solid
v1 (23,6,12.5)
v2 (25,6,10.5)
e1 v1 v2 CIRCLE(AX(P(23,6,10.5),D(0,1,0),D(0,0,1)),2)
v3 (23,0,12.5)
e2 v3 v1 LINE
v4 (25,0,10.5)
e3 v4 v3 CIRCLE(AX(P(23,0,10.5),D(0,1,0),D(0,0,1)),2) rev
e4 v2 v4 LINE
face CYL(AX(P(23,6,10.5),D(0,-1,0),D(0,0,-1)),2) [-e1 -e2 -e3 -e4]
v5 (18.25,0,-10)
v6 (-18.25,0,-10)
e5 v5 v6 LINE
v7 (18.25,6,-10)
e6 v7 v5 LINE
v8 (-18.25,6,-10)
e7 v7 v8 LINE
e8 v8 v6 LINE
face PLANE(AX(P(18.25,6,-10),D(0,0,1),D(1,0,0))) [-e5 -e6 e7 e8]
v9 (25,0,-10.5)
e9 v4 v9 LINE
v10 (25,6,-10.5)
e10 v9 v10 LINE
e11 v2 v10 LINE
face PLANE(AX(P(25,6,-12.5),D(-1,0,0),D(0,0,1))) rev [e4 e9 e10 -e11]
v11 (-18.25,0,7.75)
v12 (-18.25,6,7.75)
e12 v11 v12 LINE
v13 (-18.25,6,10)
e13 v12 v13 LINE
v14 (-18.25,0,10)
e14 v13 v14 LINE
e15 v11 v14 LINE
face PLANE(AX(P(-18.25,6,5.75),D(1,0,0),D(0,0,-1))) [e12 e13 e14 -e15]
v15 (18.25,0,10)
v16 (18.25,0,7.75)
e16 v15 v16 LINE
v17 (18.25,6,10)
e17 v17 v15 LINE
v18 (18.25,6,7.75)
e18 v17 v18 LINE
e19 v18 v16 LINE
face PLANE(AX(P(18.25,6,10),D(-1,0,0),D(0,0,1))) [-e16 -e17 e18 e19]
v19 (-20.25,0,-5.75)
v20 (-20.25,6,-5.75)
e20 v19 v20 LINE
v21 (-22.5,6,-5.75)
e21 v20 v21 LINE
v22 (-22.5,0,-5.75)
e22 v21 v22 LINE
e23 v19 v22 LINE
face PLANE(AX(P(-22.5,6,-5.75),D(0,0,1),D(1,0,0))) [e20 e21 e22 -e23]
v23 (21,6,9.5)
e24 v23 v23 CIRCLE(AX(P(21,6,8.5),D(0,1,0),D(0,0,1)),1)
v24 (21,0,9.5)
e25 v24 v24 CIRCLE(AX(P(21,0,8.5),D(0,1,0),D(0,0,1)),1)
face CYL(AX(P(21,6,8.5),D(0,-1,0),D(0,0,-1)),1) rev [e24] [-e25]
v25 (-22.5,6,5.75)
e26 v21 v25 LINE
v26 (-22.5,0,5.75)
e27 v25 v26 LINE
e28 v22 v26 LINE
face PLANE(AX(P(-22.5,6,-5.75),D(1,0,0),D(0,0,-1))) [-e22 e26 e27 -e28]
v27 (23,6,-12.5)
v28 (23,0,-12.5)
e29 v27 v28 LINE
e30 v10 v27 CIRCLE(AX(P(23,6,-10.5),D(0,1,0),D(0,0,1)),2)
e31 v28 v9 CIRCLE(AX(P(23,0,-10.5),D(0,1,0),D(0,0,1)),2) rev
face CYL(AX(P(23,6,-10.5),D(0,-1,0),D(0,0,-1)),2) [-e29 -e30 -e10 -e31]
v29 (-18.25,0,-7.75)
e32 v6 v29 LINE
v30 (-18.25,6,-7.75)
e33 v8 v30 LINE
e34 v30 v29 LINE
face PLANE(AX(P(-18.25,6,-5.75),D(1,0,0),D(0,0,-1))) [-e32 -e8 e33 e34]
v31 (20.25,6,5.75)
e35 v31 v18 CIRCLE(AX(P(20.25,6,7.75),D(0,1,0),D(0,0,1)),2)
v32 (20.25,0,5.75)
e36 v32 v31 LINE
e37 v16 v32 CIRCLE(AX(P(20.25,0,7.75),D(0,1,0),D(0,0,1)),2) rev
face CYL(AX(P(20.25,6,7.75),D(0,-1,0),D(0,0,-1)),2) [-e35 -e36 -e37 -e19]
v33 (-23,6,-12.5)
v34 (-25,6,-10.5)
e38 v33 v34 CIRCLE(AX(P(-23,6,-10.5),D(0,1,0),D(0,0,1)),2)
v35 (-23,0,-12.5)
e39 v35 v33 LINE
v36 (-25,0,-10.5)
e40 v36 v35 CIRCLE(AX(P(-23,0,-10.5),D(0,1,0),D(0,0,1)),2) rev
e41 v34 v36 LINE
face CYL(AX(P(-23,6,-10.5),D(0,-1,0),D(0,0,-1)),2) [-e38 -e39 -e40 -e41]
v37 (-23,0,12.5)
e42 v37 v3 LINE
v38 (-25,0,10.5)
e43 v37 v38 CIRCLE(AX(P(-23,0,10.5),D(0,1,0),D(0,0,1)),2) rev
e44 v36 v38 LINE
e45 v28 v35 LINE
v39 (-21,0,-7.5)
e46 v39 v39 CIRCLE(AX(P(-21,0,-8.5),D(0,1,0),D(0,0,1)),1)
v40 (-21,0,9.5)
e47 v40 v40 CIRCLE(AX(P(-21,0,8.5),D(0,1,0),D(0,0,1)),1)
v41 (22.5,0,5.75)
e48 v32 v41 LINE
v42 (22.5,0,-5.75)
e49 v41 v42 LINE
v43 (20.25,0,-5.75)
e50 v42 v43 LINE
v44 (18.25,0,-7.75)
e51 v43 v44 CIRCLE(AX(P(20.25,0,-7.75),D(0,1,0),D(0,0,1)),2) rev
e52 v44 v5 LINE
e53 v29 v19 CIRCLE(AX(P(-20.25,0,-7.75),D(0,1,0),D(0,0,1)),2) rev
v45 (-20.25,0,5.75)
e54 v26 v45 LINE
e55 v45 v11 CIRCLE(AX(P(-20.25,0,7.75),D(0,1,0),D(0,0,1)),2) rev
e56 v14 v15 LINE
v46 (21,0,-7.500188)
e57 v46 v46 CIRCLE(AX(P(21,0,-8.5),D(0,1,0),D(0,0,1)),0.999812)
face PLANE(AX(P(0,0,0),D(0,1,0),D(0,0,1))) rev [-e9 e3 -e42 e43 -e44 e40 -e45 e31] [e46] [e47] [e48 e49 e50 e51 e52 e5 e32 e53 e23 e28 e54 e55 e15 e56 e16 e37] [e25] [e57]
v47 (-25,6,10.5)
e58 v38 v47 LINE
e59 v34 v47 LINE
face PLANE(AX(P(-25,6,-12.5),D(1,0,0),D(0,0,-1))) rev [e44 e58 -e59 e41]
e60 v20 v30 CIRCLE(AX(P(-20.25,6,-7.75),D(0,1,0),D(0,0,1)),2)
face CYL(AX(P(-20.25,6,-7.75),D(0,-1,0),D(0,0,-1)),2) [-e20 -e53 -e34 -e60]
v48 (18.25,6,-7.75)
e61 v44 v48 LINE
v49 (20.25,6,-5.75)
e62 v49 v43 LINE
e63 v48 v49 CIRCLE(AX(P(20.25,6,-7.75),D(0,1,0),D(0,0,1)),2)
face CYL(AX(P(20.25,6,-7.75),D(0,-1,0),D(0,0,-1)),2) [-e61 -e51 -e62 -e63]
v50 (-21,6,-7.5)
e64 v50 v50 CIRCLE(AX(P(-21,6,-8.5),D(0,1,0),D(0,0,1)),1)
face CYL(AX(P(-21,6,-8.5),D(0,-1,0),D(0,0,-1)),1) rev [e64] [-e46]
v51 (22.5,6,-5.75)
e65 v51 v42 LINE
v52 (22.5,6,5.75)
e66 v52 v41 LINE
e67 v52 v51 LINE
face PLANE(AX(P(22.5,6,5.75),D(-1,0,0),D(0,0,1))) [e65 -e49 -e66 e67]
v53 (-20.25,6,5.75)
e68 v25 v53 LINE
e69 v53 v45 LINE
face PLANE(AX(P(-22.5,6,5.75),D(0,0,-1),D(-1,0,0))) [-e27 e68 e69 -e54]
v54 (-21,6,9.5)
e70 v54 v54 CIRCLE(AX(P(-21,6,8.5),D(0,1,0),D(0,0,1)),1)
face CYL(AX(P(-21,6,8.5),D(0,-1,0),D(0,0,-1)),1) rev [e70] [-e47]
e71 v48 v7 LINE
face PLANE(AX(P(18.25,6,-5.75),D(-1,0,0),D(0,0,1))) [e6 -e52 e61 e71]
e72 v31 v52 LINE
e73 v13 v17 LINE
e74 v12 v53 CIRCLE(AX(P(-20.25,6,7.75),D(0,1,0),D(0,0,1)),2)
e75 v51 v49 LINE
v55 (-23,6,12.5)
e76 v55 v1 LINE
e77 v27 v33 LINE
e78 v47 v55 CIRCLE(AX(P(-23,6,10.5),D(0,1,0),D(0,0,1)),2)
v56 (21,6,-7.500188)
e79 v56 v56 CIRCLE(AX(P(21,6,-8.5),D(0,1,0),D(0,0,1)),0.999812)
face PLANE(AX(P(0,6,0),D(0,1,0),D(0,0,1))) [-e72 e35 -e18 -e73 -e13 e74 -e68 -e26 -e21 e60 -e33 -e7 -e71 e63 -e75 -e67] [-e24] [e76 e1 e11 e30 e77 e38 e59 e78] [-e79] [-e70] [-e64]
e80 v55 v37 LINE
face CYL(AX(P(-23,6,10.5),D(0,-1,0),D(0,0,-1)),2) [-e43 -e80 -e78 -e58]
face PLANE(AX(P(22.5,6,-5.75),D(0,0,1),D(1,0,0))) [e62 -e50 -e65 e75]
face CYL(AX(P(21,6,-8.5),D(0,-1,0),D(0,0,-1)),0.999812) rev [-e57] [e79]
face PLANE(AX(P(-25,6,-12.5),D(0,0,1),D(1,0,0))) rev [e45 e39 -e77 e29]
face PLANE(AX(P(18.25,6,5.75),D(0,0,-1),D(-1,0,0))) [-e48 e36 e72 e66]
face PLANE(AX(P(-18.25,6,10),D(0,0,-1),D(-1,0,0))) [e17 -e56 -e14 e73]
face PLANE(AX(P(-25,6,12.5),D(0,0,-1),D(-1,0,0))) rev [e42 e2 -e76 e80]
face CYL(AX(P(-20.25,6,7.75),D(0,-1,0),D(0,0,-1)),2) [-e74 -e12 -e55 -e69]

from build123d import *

# Parameters (mm, degrees)
SKETCH1_W           = 50
SKETCH1_H           = 25
BOSS_EXTRUDE1_DEPTH = 6
SKETCH2_R           = 1
SKETCH2_R_2         = 0.999812185
CUT_EXTRUDE1_DEPTH  = 6
CUT_EXTRUDE2_DEPTH  = 6
FILLET1_R           = 2


with BuildPart() as part:
    # Sketch1 → Boss-Extrude1 (new body)
    with BuildSketch(Plane(origin=(0, 0, 0), x_dir=(1, 0, 0), z_dir=(0, 1, 0))):
        Rectangle(SKETCH1_W, SKETCH1_H)
    extrude(amount=BOSS_EXTRUDE1_DEPTH)

    # Sketch2 → Cut-Extrude1 (cut)
    with BuildSketch(Plane(origin=(0, 0, 0), x_dir=(1, 0, 0), z_dir=(0, 1, 0))):
        with Locations((-21, 8.5)):
            Circle(SKETCH2_R)
        with Locations((21, 8.5)):
            Circle(SKETCH2_R_2)
        with Locations((-21, -8.5)):
            Circle(SKETCH2_R)
        with Locations((21, -8.5)):
            Circle(SKETCH2_R)
    extrude(amount=CUT_EXTRUDE1_DEPTH, mode=Mode.SUBTRACT)

    # Sketch3 → Cut-Extrude2 (cut)
    with BuildSketch(Plane(origin=(0, 0, 0), x_dir=(1, 0, 0), z_dir=(0, 1, 0))):
        Polygon((-22.5, 5.75), (-22.5, -5.75), (-18.25, -5.75), (-18.25, -10), (18.25, -10), (18.25, -5.75), (22.5, -5.75), (22.5, 5.75), (18.25, 5.75), (18.25, 10), (-18.25, 10), (-18.25, 5.75), align=None)
    extrude(amount=CUT_EXTRUDE2_DEPTH, mode=Mode.SUBTRACT)

    # Fillet1
    fillet1_edges = [part.edges().sort_by_distance(p)[0] for p in [
        (-18.25, 3, -5.75),
        (-18.25, 3, 5.75),
        (18.25, 3, 5.75),
        (18.25, 3, -5.75),
        (25, 3, 12.5),
        (-25, 3, 12.5),
        (-25, 3, -12.5),
        (25, 3, -12.5),
    ]]
    fillet(fillet1_edges, radius=FILLET1_R)


solid = part.part
